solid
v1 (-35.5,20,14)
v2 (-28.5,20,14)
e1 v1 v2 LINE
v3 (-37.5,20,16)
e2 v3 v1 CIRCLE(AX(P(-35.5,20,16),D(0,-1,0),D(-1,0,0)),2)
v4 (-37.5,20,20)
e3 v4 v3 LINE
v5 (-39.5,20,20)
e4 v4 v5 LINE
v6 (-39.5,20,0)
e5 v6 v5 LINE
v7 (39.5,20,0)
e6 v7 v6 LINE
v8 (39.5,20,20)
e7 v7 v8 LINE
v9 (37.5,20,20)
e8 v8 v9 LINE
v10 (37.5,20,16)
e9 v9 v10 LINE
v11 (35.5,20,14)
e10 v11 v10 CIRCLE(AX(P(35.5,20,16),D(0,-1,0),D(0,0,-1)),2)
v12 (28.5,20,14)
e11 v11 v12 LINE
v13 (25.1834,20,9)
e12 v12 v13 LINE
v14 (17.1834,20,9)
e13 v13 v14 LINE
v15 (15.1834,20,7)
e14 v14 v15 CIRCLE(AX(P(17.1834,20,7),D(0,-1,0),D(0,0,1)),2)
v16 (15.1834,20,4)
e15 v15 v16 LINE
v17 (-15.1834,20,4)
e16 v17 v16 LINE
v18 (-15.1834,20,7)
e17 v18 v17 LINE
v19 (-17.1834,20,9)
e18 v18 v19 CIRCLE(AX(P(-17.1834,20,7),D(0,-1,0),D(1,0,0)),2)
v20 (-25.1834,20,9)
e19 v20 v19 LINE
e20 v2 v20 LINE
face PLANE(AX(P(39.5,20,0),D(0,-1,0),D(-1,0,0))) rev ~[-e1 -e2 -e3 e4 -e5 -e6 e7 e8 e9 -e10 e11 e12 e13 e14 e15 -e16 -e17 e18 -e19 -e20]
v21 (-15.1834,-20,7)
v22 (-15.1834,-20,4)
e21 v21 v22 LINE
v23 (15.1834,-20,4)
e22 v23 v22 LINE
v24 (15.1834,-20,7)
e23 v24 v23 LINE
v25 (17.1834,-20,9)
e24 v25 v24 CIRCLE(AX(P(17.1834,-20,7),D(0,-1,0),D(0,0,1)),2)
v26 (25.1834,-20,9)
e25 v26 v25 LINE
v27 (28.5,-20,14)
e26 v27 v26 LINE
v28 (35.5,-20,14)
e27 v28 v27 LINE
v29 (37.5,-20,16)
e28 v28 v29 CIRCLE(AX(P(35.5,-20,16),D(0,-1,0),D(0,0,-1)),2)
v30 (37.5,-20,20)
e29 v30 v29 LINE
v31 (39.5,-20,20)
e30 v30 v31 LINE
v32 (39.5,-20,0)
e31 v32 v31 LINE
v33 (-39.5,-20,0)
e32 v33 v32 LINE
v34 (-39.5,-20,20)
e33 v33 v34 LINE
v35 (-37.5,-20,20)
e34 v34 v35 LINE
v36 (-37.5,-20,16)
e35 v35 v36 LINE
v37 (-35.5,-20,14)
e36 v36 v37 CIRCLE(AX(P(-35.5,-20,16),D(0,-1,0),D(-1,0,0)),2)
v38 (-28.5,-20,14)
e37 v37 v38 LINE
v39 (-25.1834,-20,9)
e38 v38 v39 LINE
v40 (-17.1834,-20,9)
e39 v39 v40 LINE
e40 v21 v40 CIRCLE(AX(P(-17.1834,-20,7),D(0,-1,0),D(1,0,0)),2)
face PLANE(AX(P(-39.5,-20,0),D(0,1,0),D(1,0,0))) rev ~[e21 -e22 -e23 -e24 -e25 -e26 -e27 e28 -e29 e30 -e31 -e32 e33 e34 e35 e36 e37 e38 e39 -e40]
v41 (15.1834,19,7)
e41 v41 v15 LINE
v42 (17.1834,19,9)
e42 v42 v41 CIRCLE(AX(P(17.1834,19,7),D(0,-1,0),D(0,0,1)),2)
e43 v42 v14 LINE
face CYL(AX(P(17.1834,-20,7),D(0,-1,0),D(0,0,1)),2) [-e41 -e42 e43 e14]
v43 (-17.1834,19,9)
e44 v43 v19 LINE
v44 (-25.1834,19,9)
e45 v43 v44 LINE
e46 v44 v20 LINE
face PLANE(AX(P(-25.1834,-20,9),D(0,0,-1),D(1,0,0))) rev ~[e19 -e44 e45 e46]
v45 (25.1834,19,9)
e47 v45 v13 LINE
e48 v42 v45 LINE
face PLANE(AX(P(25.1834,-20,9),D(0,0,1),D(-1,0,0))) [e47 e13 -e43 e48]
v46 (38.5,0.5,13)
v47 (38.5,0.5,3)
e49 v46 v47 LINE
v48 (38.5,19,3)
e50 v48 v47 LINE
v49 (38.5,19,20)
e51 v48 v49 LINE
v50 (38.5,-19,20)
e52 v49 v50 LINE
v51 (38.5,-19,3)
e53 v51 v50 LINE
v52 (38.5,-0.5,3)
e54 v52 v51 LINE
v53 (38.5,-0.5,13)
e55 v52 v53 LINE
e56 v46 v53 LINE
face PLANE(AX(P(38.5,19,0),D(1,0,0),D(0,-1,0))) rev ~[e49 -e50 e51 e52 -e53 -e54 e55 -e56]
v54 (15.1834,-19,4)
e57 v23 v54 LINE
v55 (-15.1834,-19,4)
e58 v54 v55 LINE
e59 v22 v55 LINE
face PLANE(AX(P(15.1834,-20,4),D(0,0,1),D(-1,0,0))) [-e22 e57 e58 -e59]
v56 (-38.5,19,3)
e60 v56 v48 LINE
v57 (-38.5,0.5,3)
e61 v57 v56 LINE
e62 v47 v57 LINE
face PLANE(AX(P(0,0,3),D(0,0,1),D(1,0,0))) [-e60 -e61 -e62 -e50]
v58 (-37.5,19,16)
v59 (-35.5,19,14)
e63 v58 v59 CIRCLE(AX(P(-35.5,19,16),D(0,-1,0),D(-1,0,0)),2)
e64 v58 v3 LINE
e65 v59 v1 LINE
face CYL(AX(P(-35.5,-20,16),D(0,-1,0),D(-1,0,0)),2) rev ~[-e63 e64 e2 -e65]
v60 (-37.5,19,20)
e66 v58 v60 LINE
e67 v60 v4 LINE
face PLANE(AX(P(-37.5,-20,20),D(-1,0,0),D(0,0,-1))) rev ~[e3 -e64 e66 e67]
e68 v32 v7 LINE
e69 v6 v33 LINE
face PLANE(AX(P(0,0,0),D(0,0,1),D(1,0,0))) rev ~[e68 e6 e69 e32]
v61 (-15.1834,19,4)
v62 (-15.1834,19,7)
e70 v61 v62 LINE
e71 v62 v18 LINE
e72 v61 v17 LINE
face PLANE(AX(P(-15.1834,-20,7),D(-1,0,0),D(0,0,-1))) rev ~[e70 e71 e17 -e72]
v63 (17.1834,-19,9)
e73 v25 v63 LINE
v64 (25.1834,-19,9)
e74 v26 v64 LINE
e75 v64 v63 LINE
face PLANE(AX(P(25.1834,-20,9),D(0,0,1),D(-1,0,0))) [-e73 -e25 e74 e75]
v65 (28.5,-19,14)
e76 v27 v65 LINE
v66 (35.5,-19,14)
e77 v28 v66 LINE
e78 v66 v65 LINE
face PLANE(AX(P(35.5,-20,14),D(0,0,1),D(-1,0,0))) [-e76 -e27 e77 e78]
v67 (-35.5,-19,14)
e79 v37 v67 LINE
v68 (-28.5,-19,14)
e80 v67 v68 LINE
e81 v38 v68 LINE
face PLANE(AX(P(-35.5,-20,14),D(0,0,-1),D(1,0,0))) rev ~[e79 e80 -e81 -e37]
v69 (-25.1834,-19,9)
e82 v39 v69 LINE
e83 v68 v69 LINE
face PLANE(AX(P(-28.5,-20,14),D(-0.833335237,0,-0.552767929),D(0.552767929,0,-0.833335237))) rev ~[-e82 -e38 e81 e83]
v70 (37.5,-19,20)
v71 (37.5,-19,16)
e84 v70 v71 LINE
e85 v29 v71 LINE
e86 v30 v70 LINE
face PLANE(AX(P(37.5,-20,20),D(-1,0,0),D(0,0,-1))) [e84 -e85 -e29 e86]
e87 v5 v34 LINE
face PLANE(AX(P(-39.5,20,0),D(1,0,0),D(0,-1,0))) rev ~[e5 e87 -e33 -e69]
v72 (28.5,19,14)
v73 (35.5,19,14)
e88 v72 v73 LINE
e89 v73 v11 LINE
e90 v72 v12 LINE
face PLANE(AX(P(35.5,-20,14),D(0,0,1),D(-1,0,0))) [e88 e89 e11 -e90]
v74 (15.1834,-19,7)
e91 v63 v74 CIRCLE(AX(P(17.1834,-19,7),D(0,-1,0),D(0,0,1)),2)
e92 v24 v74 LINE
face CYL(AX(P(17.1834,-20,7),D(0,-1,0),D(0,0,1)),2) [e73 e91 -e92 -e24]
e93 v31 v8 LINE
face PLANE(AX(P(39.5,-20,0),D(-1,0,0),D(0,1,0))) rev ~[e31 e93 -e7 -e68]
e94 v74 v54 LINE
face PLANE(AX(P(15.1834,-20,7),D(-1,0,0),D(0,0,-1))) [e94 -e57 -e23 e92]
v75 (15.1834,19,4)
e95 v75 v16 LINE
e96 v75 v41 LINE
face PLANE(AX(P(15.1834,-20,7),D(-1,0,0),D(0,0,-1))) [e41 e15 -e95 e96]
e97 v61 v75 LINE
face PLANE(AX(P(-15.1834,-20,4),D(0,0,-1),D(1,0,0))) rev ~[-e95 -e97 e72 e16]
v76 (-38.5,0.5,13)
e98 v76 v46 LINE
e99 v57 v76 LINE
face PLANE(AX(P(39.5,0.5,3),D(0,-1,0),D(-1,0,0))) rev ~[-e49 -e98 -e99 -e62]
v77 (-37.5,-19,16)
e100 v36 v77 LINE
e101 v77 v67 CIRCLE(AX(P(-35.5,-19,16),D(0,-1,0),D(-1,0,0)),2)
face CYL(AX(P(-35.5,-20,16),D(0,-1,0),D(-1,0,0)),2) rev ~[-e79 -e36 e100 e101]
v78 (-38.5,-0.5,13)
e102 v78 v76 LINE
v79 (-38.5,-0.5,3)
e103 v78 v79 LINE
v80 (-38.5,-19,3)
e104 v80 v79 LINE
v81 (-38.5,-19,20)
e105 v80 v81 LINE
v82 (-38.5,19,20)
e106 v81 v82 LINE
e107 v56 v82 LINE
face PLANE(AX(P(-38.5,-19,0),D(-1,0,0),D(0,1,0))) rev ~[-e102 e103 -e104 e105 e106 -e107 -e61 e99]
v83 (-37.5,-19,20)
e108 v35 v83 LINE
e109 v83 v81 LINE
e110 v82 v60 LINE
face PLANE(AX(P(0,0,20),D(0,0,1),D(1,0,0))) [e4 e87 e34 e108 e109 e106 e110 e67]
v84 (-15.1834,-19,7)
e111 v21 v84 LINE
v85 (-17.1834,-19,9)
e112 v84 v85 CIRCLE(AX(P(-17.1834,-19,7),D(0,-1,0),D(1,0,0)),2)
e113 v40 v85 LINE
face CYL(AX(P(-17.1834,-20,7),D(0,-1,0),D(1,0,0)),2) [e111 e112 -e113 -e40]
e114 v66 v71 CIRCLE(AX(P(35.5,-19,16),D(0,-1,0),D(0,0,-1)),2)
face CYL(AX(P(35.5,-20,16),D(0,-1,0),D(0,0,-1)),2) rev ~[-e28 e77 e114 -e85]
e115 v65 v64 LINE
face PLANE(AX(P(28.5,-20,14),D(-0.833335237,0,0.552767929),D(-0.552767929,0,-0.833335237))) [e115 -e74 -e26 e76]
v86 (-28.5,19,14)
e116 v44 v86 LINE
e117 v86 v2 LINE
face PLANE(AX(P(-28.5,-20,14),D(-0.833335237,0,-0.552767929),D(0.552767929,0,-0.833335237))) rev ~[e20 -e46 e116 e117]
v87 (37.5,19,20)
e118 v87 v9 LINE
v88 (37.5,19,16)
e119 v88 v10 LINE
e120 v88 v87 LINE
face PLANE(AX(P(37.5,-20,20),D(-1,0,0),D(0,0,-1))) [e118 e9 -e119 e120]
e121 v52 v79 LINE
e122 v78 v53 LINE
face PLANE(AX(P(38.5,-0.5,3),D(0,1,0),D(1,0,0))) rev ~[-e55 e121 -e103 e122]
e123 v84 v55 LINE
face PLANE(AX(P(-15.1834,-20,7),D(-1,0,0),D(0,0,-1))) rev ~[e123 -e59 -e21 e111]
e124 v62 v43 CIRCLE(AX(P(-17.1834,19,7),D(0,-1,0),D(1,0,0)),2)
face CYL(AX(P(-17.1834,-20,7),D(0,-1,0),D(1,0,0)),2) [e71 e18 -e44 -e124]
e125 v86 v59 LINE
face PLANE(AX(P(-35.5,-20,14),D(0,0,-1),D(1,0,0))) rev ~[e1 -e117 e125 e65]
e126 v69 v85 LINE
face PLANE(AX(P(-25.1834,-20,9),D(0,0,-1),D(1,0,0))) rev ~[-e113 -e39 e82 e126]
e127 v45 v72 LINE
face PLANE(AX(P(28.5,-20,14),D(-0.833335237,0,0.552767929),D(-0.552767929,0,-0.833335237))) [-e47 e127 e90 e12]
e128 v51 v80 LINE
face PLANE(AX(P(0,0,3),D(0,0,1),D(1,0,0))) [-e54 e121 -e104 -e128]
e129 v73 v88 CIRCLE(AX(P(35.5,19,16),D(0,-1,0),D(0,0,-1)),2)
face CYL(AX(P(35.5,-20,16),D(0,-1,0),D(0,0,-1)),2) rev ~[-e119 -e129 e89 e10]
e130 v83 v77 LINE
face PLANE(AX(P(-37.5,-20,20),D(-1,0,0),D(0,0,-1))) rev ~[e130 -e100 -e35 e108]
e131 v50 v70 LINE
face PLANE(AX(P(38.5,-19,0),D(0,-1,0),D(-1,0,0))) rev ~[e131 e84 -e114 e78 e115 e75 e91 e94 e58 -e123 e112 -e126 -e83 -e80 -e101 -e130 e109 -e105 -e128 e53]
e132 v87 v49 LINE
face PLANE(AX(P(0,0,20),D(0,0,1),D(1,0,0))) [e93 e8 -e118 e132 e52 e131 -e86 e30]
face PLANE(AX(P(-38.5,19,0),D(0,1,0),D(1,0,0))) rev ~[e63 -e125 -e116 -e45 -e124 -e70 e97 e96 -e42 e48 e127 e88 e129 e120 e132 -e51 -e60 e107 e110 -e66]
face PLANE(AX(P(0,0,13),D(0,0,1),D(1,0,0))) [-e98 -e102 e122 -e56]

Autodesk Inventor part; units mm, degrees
ref_plane "YZ Plane" through (0, 0, 0) normal (1, 0, 0) x (0, 1, 0)
ref_plane "XZ Plane" through (0, 0, 0) normal (0, 1, 0) x (-1, 0, 0)
ref_plane "XY Plane" through (0, 0, 0) normal (0, 0, 1) x (1, 0, 0)
sketch "Эскиз1" plane through (0, 0, 0) normal (0, 0, 1) x (1, 0, 0)
  line L0 (-39.5, -20) -> (39.5, -20)
  line L1 (39.5, -20) -> (39.5, 20)
  line L2 (39.5, 20) -> (-39.5, 20)
  line L3 (-39.5, 20) -> (-39.5, -20)
  line L4 (-39.5, -20) -> (39.5, 20) construction
  line L5 (39.5, -20) -> (-39.5, 20) construction
  line L6 (-38.5, 19) -> (38.5, 19)
  line L7 (38.5, 19) -> (38.5, -19)
  line L8 (38.5, -19) -> (-38.5, -19)
  line L9 (-38.5, -19) -> (-38.5, 19)
  point P0 (0, 0)
  dimension "d0" = 79
  dimension "d1" = 40
  dimension "d2" = 1
extrude "Выдавливание1" add sketch "Эскиз1" along normal blind 3 contours L6 L7 L8 L9
extrude "Выдавливание2" add sketch "Эскиз1" along normal blind 20
sketch "Эскиз2" plane through (-39.5, -20, 0) normal (0, -1, 0) x (1, 0, 0)
  line L0 (2, 20) -> (2, 16) construction
  line L1 (4, 14) -> (11, 14)
  arc A0 (2, 16) -> (4, 14) centre (4, 16) ccw
  line L2 (11, 14) -> (11, 9) construction
  line L3 (14.3166, 9) -> (22.3166, 9)
  line L4 (24.3166, 7) -> (24.3166, 4)
  arc A1 (24.3166, 7) -> (22.3166, 9) centre (22.3166, 7) ccw
  line L5 (24.3166, 4) -> (39.5, 4)
  line L6 (39.5, 0) -> (39.5, 20) construction
  line L7 (77, 20) -> (77, 16) construction
  line L8 (75, 14) -> (68, 14)
  arc A2 (75, 14) -> (77, 16) centre (75, 16) ccw
  line L9 (68, 14) -> (64.6834, 9)
  line L10 (64.6834, 9) -> (56.6834, 9)
  line L11 (54.6834, 7) -> (54.6834, 4)
  arc A3 (56.6834, 9) -> (54.6834, 7) centre (56.6834, 7) ccw
  line L12 (54.6834, 4) -> (39.5, 4)
  line L13 (77, 20) -> (77, 16) construction
  line L14 (77, 20) -> (77, 16)
  line L15 (2, 20) -> (77, 20)
  line L16 (14.3166, 9) -> (22.3166, 9)
  line L17 (24.3166, 7) -> (24.3166, 4)
  line L18 (24.3166, 4) -> (54.6834, 4)
  line L19 (54.6834, 4) -> (54.6834, 7)
  line L20 (56.6834, 9) -> (64.6834, 9)
  line L21 (64.6834, 9) -> (68, 14)
  line L22 (68, 14) -> (75, 14)
  line L23 (77, 16) -> (77, 20)
  line L24 (77, 20) -> (2, 20)
  line L25 (11, 14) -> (14.3166, 9)
  line L26 (2, 20) -> (2, 16)
  line L27 (0, 20) -> (79, 20) projected
  point P0 (24.3166, 9)
  dimension "d10" = 2
  dimension "d11" = 5
  dimension "d12" = 6
  dimension "d13" = 10
  dimension "d14" = 5
  dimension "d15" = 2
extrude "Выдавливание3" cut sketch "Эскиз2" against normal up to surface (40 mm away)
sketch "Эскиз3" plane through (0, 0, 3) normal (0, 0, 1) x (1, 0, 0)
  line L0 (38.5, 19) -> (-38.5, 19) projected
  line L1 (-38.5, 19) -> (-38.5, -19) projected
  line L2 (-38.5, -19) -> (38.5, -19) projected
  line L3 (38.5, -19) -> (38.5, 19) projected
  line L4 (-39.5, 20) -> (-39.5, -20) projected
  line L5 (39.5, 0.5) -> (-39.5, 0.5)
  line L6 (-39.5, 0.5) -> (-39.5, -0.5)
  line L7 (-39.5, -0.5) -> (39.5, -0.5)
  line L8 (39.5, -0.5) -> (39.5, 0.5)
  line L9 (39.5, 0.5) -> (-39.5, -0.5) construction
  line L10 (-39.5, 0.5) -> (39.5, -0.5) construction
  point P0 (0, 0)
  dimension "d18" = 1
extrude "Выдавливание4" add sketch "Эскиз3" along normal blind 10 contours L5 L8 L7 L3 | L3 L7 L1 L5 | L1 L7 L4 L5
properties part number "Badrepack"
